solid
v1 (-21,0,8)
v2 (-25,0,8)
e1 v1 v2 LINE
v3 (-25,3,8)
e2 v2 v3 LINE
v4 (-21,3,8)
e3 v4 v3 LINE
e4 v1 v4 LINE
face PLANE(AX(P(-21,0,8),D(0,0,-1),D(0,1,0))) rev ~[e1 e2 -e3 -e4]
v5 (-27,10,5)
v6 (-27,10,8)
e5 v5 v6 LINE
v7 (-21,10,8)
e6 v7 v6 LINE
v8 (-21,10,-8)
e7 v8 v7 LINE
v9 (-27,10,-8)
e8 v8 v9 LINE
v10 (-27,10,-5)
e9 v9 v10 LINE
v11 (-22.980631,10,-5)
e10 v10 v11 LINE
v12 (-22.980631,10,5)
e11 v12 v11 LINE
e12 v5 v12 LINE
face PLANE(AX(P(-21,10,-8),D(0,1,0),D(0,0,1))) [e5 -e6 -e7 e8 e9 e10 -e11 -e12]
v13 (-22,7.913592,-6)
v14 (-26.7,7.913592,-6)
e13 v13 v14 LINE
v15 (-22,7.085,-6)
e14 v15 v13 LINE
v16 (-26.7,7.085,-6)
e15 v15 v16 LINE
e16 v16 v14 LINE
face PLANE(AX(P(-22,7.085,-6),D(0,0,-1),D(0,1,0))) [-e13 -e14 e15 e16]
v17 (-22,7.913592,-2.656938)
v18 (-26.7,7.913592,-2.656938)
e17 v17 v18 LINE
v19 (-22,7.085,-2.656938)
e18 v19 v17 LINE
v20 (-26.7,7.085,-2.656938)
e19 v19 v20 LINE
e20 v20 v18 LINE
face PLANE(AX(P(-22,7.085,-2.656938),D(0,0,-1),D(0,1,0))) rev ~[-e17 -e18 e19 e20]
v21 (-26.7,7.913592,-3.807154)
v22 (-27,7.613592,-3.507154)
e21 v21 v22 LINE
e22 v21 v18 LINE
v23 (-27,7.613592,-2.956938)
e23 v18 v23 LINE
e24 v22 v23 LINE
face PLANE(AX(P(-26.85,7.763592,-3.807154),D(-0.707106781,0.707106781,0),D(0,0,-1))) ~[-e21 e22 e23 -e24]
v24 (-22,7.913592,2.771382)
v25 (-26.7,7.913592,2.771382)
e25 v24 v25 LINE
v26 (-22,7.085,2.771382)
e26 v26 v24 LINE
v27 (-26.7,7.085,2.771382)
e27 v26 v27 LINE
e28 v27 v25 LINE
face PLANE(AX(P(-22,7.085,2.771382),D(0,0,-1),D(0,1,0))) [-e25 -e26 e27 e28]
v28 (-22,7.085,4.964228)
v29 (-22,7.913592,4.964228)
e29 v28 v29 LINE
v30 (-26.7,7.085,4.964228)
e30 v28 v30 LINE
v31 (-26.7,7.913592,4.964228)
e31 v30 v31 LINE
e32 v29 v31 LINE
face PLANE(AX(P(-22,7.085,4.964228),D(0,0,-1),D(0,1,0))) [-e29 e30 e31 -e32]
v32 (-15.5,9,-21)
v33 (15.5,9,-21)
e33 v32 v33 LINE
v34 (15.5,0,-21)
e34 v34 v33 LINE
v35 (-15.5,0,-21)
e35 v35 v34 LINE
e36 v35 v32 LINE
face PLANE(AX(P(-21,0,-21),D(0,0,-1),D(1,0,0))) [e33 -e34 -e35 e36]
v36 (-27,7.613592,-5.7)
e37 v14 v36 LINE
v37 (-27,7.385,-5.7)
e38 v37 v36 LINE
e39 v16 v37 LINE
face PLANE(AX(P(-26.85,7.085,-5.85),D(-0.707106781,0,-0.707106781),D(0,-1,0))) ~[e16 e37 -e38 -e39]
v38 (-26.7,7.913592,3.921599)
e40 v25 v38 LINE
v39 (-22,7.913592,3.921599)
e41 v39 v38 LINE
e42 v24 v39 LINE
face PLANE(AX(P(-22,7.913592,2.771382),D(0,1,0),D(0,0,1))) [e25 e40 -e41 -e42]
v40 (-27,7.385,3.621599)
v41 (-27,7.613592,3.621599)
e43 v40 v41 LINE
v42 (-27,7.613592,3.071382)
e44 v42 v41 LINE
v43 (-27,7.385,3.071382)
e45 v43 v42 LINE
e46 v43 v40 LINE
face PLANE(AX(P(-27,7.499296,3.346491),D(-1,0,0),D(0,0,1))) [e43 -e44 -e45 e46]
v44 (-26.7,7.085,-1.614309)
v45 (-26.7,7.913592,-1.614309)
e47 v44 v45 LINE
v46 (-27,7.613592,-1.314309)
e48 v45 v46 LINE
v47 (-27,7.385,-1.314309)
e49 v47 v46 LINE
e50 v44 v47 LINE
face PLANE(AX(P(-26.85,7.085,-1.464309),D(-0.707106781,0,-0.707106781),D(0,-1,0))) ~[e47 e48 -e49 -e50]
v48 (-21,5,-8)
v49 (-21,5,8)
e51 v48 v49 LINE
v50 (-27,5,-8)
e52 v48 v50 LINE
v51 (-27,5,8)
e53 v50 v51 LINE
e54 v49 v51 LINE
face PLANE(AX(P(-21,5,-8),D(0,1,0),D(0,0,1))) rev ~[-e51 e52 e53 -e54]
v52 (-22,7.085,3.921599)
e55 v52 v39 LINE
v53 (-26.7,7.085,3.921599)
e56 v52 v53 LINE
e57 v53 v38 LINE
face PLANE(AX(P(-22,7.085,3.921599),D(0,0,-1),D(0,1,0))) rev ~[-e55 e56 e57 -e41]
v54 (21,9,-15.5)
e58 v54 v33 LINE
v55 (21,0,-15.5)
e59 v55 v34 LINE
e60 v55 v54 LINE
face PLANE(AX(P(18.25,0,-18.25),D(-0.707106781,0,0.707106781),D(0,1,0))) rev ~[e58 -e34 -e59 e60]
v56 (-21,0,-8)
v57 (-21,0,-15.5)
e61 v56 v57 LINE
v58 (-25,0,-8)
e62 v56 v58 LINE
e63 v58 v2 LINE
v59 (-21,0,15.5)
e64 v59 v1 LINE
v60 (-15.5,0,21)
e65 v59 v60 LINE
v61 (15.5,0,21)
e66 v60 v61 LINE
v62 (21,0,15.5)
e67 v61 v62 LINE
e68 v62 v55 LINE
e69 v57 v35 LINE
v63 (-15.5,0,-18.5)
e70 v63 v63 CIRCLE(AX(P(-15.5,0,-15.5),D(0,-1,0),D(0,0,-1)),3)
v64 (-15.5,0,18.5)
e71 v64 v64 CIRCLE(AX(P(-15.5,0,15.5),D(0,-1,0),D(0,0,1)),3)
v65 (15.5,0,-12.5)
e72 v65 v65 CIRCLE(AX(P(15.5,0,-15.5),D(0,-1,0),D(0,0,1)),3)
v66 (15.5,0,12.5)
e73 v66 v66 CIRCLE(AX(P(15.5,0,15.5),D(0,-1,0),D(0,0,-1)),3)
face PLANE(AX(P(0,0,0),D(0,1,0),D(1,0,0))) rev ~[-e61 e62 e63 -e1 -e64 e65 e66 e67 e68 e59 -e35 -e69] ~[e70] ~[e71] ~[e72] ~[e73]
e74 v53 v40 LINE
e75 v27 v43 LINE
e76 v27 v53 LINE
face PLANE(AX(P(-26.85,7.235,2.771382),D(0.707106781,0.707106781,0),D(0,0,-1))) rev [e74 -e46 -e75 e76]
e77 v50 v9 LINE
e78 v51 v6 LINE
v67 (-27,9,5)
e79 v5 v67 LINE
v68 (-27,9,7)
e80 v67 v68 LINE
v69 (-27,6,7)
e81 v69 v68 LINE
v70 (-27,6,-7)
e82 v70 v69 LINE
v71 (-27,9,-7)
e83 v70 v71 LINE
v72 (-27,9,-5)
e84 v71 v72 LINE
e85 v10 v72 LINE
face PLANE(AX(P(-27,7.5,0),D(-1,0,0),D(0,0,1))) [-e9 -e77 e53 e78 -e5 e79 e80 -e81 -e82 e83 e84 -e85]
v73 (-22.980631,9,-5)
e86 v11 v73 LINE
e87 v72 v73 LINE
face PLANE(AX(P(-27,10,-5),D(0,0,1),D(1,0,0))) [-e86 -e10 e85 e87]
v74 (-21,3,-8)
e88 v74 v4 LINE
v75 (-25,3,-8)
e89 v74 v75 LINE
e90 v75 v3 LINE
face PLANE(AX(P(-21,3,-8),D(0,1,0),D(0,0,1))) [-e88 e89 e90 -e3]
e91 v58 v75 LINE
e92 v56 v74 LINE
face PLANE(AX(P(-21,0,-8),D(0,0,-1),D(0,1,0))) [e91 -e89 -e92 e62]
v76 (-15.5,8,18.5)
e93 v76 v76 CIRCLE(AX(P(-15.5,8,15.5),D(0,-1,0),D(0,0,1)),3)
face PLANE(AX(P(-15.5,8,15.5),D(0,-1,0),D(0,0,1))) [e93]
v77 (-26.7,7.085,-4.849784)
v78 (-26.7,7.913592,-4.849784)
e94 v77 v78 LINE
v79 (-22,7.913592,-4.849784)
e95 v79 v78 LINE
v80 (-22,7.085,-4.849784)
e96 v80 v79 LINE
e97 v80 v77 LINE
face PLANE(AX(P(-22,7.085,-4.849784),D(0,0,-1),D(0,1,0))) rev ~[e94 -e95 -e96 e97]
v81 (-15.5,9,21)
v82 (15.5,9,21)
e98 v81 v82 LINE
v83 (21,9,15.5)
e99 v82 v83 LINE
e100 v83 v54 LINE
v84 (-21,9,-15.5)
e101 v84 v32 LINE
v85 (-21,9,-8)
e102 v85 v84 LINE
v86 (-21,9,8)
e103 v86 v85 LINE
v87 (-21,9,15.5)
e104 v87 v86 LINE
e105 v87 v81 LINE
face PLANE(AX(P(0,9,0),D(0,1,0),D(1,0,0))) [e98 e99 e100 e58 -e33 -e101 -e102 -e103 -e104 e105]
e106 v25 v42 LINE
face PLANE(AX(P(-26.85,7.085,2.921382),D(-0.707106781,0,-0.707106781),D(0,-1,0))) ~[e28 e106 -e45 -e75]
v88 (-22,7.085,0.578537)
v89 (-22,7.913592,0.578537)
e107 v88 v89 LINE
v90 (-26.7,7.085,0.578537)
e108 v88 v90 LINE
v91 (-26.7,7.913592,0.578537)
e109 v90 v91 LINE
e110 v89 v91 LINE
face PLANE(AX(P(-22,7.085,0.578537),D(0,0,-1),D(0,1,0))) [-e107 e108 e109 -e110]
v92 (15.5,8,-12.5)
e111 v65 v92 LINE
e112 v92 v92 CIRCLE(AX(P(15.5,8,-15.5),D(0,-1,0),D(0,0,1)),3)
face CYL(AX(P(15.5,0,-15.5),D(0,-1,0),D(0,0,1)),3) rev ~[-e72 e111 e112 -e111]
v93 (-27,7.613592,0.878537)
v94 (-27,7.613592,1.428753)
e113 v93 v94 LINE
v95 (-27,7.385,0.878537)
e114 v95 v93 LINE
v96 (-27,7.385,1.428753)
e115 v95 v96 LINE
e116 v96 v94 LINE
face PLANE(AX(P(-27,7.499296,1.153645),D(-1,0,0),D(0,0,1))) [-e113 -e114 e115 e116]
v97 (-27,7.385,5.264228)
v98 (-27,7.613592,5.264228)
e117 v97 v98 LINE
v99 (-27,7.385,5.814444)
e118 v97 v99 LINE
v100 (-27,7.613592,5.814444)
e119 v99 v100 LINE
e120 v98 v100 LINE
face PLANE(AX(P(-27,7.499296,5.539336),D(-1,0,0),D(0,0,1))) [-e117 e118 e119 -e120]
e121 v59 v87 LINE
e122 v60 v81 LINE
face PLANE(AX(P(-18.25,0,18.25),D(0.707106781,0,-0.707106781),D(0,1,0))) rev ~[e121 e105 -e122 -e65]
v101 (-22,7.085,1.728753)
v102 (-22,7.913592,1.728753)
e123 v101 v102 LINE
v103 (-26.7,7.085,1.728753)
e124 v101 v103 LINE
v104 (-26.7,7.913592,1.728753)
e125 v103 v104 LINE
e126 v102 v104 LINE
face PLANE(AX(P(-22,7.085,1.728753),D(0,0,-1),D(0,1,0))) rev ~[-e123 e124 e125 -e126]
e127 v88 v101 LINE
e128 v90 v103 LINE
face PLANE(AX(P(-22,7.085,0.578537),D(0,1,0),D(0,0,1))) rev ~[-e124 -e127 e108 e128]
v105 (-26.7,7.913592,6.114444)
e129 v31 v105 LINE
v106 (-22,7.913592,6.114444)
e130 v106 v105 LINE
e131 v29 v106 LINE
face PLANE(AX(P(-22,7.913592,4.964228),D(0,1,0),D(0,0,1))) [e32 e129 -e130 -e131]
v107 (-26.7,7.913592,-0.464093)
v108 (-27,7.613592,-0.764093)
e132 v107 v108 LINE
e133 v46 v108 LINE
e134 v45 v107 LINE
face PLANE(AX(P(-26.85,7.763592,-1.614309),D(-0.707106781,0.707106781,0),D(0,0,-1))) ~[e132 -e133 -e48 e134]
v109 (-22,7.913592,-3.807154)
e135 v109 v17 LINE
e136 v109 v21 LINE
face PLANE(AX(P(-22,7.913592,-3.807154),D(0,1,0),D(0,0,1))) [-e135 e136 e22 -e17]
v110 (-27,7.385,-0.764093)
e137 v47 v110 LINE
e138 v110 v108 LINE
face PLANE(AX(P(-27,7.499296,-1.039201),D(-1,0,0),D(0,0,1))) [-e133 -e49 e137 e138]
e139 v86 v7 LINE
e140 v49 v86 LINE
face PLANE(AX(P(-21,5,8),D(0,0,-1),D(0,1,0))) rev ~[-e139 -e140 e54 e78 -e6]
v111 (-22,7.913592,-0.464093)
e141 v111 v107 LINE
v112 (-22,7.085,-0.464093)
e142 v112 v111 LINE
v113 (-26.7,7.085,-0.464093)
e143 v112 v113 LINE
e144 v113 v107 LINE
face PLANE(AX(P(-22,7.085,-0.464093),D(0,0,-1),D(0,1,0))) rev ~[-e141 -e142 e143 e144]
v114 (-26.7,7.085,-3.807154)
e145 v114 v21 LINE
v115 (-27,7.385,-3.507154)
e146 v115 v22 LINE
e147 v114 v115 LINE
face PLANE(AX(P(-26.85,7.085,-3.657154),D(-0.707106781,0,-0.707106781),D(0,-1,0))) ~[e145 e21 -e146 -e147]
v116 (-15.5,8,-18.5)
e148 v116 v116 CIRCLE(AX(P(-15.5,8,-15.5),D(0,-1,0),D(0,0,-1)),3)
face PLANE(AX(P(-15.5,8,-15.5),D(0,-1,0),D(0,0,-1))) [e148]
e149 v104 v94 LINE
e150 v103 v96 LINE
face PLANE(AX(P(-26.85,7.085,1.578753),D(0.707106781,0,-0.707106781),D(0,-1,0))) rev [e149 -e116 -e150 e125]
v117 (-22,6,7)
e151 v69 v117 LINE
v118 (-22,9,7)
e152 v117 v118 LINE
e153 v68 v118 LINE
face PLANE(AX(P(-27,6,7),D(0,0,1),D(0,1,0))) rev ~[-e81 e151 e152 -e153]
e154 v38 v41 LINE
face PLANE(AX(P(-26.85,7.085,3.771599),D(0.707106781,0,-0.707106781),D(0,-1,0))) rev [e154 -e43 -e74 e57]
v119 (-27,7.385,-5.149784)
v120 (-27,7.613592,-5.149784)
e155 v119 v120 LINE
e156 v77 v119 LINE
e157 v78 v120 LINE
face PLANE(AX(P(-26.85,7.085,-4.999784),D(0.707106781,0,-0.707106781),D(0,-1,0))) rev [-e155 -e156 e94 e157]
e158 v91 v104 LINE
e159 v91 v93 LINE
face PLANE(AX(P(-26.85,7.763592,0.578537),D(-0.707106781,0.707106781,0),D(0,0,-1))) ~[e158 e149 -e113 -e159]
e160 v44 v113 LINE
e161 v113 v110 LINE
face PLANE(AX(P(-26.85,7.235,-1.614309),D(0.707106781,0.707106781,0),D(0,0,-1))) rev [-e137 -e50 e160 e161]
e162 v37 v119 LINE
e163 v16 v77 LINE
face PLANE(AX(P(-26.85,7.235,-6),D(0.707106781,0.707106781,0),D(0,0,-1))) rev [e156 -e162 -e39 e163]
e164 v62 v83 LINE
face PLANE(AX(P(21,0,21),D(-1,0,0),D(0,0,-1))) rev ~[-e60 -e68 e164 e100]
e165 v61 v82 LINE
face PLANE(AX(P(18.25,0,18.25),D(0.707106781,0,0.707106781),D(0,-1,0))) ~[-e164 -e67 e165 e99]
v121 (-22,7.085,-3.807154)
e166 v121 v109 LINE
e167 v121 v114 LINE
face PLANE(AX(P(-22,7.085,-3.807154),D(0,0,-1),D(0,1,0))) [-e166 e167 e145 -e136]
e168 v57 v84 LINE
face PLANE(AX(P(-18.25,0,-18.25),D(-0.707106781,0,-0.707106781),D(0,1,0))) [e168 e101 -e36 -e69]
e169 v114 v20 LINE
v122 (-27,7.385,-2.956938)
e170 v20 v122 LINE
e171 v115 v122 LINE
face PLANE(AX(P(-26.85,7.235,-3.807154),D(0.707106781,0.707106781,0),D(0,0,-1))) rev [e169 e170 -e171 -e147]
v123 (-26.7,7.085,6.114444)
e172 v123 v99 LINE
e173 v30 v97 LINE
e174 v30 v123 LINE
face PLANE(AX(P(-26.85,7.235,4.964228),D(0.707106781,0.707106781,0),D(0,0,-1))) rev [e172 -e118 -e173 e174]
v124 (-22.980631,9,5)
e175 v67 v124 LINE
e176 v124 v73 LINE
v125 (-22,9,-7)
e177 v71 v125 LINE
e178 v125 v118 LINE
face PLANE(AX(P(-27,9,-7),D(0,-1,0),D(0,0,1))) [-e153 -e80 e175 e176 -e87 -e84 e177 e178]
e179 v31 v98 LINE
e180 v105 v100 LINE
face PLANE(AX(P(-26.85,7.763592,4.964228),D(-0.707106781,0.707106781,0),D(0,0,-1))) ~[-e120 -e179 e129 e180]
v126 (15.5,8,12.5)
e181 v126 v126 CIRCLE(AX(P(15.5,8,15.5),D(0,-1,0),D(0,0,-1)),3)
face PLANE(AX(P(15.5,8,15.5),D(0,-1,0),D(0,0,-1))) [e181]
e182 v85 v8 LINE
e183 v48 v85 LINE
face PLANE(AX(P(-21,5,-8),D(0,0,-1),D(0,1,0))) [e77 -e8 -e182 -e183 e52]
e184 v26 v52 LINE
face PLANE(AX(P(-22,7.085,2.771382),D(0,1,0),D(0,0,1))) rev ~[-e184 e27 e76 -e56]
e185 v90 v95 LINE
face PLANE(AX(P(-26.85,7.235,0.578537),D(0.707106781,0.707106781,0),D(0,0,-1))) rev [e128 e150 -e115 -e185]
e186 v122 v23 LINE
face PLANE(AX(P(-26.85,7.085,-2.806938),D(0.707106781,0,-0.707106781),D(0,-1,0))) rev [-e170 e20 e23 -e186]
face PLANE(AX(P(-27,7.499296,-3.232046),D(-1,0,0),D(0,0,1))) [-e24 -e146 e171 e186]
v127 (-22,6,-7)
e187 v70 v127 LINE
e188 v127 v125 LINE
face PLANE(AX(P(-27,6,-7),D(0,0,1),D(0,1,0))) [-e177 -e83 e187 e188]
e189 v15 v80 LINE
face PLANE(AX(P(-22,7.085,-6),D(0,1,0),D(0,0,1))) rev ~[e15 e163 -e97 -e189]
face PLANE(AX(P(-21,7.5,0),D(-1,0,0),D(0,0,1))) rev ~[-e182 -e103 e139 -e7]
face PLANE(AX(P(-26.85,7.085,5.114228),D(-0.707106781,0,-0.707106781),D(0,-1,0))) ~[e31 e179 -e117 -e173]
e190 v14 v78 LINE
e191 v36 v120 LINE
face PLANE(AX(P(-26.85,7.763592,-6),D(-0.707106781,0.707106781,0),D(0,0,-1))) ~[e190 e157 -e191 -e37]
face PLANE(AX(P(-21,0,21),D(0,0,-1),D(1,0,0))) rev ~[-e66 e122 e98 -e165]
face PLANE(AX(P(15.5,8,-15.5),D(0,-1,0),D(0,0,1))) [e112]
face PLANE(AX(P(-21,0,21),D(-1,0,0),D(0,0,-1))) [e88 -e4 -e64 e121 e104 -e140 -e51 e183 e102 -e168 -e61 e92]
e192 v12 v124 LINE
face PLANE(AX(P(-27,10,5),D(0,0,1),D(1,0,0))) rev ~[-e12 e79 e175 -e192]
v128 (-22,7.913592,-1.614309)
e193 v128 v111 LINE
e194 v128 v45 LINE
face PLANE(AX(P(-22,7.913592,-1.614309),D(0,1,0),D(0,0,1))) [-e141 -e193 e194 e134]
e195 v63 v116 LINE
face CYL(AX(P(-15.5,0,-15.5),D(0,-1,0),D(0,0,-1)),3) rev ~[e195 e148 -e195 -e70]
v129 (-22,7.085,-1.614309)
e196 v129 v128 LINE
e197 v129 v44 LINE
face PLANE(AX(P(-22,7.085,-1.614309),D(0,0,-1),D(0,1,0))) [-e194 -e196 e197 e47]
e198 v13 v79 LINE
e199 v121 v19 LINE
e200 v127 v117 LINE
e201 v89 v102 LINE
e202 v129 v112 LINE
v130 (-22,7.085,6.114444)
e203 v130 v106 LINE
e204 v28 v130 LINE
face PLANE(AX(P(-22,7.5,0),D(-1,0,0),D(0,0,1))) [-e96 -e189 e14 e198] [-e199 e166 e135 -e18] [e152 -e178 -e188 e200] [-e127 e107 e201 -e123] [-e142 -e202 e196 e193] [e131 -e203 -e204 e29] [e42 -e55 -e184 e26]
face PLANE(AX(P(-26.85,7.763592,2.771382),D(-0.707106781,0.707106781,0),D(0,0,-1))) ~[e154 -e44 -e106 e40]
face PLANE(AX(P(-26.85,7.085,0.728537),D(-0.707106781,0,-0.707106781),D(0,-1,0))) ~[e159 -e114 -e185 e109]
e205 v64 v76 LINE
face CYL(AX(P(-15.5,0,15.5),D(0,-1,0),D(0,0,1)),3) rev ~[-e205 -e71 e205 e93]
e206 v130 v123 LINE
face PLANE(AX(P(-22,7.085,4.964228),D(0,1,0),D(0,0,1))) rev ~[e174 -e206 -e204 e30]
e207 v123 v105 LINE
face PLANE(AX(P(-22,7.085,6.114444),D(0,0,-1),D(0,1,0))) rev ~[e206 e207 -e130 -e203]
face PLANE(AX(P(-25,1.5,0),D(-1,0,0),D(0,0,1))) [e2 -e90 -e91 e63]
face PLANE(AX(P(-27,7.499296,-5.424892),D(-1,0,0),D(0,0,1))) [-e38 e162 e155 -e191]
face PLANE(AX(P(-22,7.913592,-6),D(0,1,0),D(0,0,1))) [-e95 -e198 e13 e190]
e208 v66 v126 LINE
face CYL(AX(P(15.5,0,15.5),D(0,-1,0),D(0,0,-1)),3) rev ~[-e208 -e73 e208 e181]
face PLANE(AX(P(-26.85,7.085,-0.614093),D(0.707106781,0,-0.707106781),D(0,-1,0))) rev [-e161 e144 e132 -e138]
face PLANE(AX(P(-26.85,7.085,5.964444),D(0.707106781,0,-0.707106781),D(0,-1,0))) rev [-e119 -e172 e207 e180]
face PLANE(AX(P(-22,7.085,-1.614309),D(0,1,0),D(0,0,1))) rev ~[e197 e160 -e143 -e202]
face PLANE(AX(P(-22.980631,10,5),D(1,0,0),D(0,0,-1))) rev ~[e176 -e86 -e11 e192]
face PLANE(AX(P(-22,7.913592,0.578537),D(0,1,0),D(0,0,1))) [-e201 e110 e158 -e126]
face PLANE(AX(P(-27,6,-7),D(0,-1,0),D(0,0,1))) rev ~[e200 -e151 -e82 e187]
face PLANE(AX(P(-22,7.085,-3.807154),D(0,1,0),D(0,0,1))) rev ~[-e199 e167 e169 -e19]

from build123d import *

# Parameters (mm, degrees)
SKETCH1_W           = 42
SKETCH1_H           = 42
NEMA_17_DEPTH       = 9
CHAMFER1_SIZE       = 5.5
SKETCH2_R           = 3
M6_BOLT_HOLES_DEPTH = 8
SKETCH3_W           = 16
SKETCH3_H           = 3
BOSS_EXTRUDE1_DEPTH = 4
SKETCH5_W           = 16
SKETCH5_H           = 5
BOSS_EXTRUDE2_DEPTH = 6
SKETCH6_W           = 14
SKETCH6_H           = 3
CUT_EXTRUDE1_DEPTH  = 5
SKETCH7_W           = 4.019368502
SKETCH7_H           = 10
CUT_EXTRUDE2_DEPTH  = 1
SKETCH8_W           = 1.150216319
SKETCH8_H           = 0.828591851
SKETCH8_W_2         = 1.150216318
BOSS_EXTRUDE3_DEPTH = 5
CHAMFER2_SIZE       = 0.3


with BuildPart() as part:
    # Sketch1 → Nema 17 (new body)
    with BuildSketch(Plane(origin=(0, 0, 0), x_dir=(1, 0, 0), z_dir=(0, 1, 0))):
        Rectangle(SKETCH1_W, SKETCH1_H)
    extrude(amount=NEMA_17_DEPTH)

    # Chamfer1
    chamfer1_edges = [part.edges().sort_by_distance(p)[0] for p in [
        (21, 4.5, 21),
        (-21, 4.5, 21),
        (-21, 4.5, -21),
        (21, 4.5, -21),
    ]]
    chamfer(chamfer1_edges, length=CHAMFER1_SIZE)

    # Sketch2 → M6 Bolt Holes (cut)
    with BuildSketch(Plane.XZ):
        with Locations(Location((-15.5, -15.5, 0), (0, 0, 270))):
            Circle(SKETCH2_R)
        with Locations(Location((15.5, -15.5, 0), (0, 0, 90))):
            Circle(SKETCH2_R)
        with Locations(Location((-15.5, 15.5, 0), (0, 0, 90))):
            Circle(SKETCH2_R)
        with Locations(Location((15.5, 15.5, 0), (0, 0, 270))):
            Circle(SKETCH2_R)
    extrude(amount=-M6_BOLT_HOLES_DEPTH, mode=Mode.SUBTRACT)

    # Sketch3 → Boss-Extrude1 (add)
    with BuildSketch(Plane.ZY.offset(21)):
        with Locations((0, 1.5)):
            Rectangle(SKETCH3_W, SKETCH3_H)
    extrude(amount=BOSS_EXTRUDE1_DEPTH)

    # Sketch5 → Boss-Extrude2 (add)
    with BuildSketch(Plane.ZY.offset(21)):
        with Locations((0, 7.5)):
            Rectangle(SKETCH5_W, SKETCH5_H)
    extrude(amount=BOSS_EXTRUDE2_DEPTH)

    # Sketch6 → Cut-Extrude1 (cut)
    with BuildSketch(Plane.ZY.offset(27)):
        with Locations((0, 7.5)):
            Rectangle(SKETCH6_W, SKETCH6_H)
    extrude(amount=-CUT_EXTRUDE1_DEPTH, mode=Mode.SUBTRACT)

    # Sketch7 → Cut-Extrude2 (cut)
    with BuildSketch(Plane(origin=(0, 10, 0), x_dir=(1, 0, 0), z_dir=(0, 1, 0))):
        with Locations((-24.990315749, 0)):
            Rectangle(SKETCH7_W, SKETCH7_H)
    extrude(amount=-CUT_EXTRUDE2_DEPTH, mode=Mode.SUBTRACT)

    # Sketch8 → Boss-Extrude3 (add)
    with BuildSketch(Plane.ZY.offset(22)):
        with Locations((5.539336093, 7.499295926)):
            Rectangle(SKETCH8_W, SKETCH8_H)
        with Locations((3.346490506, 7.499295926)):
            Rectangle(SKETCH8_W_2, SKETCH8_H)
        with Locations((1.15364492, 7.499295926)):
            Rectangle(SKETCH8_W, SKETCH8_H)
        with Locations((-1.039200668, 7.499295926)):
            Rectangle(SKETCH8_W, SKETCH8_H)
        with Locations((-3.232046254, 7.499295926)):
            Rectangle(SKETCH8_W_2, SKETCH8_H)
        with Locations((-5.42489184, 7.499295926)):
            Rectangle(SKETCH8_W, SKETCH8_H)
    extrude(amount=BOSS_EXTRUDE3_DEPTH)

    # Chamfer2
    chamfer2_edges = [part.edges().sort_by_distance(p)[0] for p in [
        (-27, 7.499295925, 4.964227933),
        (-27, 7.085, 5.539336093),
        (-27, 7.499295925, 6.114444252),
        (-27, 7.913591851, 5.539336093),
        (-27, 7.913591851, 3.346490506),
        (-27, 7.499295925, 2.771382347),
        (-27, 7.085, 3.346490506),
        (-27, 7.499295925, 3.921598665),
        (-27, 7.913591851, 1.153644919),
        (-27, 7.499295925, 0.57853676),
        (-27, 7.085, 1.153644919),
        (-27, 7.499295925, 1.728753079),
        (-27, 7.913591851, -1.039200667),
        (-27, 7.499295925, -1.614308827),
        (-27, 7.085, -1.039200667),
        (-27, 7.499295925, -0.464092508),
        (-27, 7.913591851, -3.232046254),
        (-27, 7.499295925, -3.807154413),
        (-27, 7.085, -3.232046254),
        (-27, 7.499295925, -2.656938095),
        (-27, 7.913591851, -5.424891841),
        (-27, 7.499295925, -6),
        (-27, 7.085, -5.424891841),
        (-27, 7.499295925, -4.849783681),
    ]]
    chamfer(chamfer2_edges, length=CHAMFER2_SIZE)


solid = part.part
